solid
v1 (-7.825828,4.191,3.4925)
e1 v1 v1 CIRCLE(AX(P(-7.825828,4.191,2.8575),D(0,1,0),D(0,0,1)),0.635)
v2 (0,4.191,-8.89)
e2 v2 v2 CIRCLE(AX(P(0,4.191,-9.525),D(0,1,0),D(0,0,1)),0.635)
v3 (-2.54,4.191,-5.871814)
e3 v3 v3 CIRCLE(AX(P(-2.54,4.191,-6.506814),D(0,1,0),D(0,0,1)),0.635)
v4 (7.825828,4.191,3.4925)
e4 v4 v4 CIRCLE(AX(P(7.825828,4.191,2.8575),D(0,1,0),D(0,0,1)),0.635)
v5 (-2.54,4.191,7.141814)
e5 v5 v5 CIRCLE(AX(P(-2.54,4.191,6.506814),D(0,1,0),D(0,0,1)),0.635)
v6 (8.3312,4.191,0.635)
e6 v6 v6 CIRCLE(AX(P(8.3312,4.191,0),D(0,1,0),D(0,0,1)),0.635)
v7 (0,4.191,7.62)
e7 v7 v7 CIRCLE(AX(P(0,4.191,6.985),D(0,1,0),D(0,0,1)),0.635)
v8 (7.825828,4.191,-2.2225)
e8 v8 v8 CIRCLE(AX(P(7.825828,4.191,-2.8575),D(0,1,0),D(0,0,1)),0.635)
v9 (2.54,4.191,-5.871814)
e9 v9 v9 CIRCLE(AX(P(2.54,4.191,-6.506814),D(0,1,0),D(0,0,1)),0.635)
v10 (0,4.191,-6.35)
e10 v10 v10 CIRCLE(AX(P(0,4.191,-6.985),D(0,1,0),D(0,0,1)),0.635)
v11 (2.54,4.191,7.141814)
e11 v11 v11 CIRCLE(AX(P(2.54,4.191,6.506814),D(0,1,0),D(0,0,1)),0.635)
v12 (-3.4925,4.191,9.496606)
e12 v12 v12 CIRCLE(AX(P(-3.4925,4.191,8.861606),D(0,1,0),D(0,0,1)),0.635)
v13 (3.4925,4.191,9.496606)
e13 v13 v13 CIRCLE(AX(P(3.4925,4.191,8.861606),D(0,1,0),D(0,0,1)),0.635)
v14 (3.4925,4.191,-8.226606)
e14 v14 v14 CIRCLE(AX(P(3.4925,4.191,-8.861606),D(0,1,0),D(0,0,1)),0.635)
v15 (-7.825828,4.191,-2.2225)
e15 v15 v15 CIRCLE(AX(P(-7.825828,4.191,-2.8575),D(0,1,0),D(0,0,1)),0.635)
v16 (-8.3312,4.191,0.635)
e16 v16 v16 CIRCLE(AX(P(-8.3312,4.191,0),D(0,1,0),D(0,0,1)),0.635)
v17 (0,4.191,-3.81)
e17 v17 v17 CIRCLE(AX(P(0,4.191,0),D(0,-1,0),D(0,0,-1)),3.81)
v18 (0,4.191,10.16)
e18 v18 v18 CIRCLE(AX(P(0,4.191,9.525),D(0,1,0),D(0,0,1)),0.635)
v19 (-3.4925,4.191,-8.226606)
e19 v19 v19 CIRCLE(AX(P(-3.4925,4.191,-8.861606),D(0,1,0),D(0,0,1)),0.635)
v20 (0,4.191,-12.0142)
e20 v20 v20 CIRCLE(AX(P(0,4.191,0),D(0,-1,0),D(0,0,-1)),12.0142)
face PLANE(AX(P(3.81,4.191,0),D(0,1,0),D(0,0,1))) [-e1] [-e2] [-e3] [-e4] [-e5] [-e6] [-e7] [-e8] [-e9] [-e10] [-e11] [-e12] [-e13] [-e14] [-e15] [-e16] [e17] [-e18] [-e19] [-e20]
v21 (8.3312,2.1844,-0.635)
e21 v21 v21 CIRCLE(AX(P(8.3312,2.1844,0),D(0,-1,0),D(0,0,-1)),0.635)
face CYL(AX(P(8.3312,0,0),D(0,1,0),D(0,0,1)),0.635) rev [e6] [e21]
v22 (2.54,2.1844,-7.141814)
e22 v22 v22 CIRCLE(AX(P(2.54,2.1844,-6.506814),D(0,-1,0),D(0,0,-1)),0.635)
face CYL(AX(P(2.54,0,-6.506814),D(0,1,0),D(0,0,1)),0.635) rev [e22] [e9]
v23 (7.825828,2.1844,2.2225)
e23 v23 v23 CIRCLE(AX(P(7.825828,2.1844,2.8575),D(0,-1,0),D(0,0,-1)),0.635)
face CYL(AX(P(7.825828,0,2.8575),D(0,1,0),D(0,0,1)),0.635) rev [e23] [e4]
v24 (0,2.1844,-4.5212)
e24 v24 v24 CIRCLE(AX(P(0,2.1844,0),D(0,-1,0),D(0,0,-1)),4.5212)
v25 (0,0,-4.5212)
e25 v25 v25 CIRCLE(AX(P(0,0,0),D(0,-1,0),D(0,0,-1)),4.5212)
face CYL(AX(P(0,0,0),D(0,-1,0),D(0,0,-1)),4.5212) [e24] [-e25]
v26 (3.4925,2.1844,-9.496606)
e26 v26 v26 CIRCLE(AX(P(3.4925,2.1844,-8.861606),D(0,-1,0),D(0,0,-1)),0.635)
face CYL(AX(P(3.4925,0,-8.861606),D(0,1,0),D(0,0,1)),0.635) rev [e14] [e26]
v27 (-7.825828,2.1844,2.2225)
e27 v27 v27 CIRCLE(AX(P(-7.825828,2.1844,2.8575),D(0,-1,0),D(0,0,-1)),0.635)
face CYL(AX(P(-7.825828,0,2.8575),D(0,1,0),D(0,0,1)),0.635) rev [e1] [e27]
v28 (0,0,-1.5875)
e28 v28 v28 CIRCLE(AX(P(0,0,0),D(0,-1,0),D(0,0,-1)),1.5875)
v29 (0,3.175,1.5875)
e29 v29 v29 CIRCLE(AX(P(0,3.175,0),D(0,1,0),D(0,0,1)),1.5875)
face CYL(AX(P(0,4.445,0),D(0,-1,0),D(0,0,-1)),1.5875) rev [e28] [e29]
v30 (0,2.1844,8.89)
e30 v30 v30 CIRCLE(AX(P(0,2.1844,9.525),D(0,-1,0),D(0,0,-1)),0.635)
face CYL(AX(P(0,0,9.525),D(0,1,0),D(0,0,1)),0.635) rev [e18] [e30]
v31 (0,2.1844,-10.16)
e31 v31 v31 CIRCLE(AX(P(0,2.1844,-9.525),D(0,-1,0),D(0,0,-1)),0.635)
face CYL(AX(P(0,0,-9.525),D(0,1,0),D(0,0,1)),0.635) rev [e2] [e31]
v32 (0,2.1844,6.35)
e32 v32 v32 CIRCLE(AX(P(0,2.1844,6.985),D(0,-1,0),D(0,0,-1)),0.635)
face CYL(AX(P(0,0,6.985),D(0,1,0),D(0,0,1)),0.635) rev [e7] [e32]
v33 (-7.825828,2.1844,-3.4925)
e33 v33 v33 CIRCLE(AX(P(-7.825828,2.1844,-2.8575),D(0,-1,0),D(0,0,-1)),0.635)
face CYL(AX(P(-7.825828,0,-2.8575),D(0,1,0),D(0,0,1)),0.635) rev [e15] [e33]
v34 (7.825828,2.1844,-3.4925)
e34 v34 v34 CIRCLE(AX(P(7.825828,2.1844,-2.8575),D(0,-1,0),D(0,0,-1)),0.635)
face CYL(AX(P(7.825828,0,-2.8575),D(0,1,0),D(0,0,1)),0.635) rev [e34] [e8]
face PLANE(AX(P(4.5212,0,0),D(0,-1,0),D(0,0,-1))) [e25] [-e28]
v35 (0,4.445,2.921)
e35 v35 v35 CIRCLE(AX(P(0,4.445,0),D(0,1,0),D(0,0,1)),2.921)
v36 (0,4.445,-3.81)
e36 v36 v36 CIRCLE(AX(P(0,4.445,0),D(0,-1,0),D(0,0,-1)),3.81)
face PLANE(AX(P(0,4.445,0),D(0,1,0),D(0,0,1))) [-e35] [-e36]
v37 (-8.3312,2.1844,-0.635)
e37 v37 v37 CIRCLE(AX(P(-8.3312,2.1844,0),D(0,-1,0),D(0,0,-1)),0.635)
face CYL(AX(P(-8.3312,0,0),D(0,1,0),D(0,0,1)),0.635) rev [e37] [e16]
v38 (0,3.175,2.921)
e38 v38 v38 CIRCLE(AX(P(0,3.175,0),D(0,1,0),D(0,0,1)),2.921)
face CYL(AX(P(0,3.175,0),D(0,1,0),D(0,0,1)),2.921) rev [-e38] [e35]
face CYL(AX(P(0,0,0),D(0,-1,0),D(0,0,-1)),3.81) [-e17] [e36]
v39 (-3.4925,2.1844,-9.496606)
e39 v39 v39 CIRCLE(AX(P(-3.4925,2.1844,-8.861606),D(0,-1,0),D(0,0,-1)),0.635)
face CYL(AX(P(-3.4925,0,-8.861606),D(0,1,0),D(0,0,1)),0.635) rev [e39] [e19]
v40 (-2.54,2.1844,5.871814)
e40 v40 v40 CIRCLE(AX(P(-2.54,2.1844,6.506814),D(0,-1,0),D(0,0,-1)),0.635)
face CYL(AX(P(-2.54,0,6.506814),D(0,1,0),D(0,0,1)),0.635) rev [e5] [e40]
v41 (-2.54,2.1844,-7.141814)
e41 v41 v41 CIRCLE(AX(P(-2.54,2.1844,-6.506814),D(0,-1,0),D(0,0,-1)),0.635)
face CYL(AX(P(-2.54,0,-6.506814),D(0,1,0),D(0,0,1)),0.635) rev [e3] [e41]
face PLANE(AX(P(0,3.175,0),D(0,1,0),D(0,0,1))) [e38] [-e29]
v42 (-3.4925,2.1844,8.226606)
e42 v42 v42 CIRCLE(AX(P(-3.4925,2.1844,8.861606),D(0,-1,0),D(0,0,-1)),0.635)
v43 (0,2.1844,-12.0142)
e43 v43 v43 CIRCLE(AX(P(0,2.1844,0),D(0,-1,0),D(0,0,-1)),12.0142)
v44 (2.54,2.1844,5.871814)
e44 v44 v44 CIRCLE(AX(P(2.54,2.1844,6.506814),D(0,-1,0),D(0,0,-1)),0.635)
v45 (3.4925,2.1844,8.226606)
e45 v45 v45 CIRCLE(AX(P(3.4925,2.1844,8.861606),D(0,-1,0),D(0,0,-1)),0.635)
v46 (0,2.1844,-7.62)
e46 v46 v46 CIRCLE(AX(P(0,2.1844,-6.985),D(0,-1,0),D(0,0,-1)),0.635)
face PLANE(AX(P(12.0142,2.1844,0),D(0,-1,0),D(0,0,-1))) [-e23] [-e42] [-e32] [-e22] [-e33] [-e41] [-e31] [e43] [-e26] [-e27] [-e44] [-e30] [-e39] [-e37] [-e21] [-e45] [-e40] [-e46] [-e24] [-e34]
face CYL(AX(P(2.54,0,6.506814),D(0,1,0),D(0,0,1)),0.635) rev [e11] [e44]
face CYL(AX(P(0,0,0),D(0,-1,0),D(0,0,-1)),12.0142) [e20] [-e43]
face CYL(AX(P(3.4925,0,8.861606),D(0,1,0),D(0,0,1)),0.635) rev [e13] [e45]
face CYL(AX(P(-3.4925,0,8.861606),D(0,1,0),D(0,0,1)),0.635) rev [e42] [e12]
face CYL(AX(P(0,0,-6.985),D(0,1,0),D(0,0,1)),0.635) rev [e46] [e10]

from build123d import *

# Parameters (mm, degrees)
SKETCH2_R      = 2.921
EXTRUDE1_DEPTH = 1.27
SKETCH3_R      = 1.5875
EXTRUDE2_DEPTH = 5.445
SKETCH4_R      = 0.635
EXTRUDE3_DEPTH = 5.191
SKETCH5_R      = 0.635
EXTRUDE4_DEPTH = 5.191


with BuildPart() as part:
    # Sketch1 → Revolve1 (revolve)
    with BuildSketch(Plane.XY):
        Polygon((0, 0), (0, 4.445), (3.81, 4.445), (3.81, 4.191), (12.0142, 4.191), (12.0142, 2.1844), (4.5212, 2.1844), (4.5212, 0), align=None)
    revolve(axis=Axis((0, 0, 0), (0, 1, 0)))

    # Sketch2 → Extrude1 (cut)
    with BuildSketch(Plane(origin=(0, 4.445, 0), x_dir=(1, 0, 0), z_dir=(0, 1, 0))):
        Circle(SKETCH2_R)
    extrude(amount=-EXTRUDE1_DEPTH, mode=Mode.SUBTRACT)

    # Sketch3 → Extrude2 (cut, through all)
    with BuildSketch(Plane.XZ):
        Circle(SKETCH3_R)
    extrude(amount=-EXTRUDE2_DEPTH, mode=Mode.SUBTRACT)

    # Sketch4 → Extrude3 (cut, through all)
    with BuildSketch(Plane(origin=(0, 4.191, 0), x_dir=(1, 0, 0), z_dir=(0, 1, 0))):
        with Locations((0, 6.985)):
            Circle(SKETCH4_R)
        with Locations((-7.825828211, 2.8575)):
            Circle(SKETCH4_R)
        with Locations((-8.3312, 0)):
            Circle(SKETCH4_R)
        with Locations((-7.825828211, -2.8575)):
            Circle(SKETCH4_R)
        with Locations((7.825828211, 2.8575)):
            Circle(SKETCH4_R)
        with Locations((8.3312, 0)):
            Circle(SKETCH4_R)
        with Locations((7.825828211, -2.8575)):
            Circle(SKETCH4_R)
        with Locations((2.54, 6.506813736)):
            Circle(SKETCH4_R)
        with Locations((-2.54, 6.506813736)):
            Circle(SKETCH4_R)
        with Locations((2.54, -6.506813736)):
            Circle(SKETCH4_R)
        with Locations((0, -6.985)):
            Circle(SKETCH4_R)
        with Locations((-2.54, -6.506813736)):
            Circle(SKETCH4_R)
    extrude(amount=-EXTRUDE3_DEPTH, mode=Mode.SUBTRACT)

    # Sketch5 → Extrude4 (cut, through all)
    with BuildSketch(Plane(origin=(0, 4.191, 0), x_dir=(1, 0, 0), z_dir=(0, 1, 0))):
        with Locations((0, 9.525)):
            Circle(SKETCH5_R)
        with Locations((3.4925, 8.861606443)):
            Circle(SKETCH5_R)
        with Locations((-3.4925, 8.861606443)):
            Circle(SKETCH5_R)
        with Locations((3.4925, -8.861606443)):
            Circle(SKETCH5_R)
        with Locations((0, -9.525)):
            Circle(SKETCH5_R)
        with Locations((-3.4925, -8.861606443)):
            Circle(SKETCH5_R)
    extrude(amount=-EXTRUDE4_DEPTH, mode=Mode.SUBTRACT)


solid = part.part
